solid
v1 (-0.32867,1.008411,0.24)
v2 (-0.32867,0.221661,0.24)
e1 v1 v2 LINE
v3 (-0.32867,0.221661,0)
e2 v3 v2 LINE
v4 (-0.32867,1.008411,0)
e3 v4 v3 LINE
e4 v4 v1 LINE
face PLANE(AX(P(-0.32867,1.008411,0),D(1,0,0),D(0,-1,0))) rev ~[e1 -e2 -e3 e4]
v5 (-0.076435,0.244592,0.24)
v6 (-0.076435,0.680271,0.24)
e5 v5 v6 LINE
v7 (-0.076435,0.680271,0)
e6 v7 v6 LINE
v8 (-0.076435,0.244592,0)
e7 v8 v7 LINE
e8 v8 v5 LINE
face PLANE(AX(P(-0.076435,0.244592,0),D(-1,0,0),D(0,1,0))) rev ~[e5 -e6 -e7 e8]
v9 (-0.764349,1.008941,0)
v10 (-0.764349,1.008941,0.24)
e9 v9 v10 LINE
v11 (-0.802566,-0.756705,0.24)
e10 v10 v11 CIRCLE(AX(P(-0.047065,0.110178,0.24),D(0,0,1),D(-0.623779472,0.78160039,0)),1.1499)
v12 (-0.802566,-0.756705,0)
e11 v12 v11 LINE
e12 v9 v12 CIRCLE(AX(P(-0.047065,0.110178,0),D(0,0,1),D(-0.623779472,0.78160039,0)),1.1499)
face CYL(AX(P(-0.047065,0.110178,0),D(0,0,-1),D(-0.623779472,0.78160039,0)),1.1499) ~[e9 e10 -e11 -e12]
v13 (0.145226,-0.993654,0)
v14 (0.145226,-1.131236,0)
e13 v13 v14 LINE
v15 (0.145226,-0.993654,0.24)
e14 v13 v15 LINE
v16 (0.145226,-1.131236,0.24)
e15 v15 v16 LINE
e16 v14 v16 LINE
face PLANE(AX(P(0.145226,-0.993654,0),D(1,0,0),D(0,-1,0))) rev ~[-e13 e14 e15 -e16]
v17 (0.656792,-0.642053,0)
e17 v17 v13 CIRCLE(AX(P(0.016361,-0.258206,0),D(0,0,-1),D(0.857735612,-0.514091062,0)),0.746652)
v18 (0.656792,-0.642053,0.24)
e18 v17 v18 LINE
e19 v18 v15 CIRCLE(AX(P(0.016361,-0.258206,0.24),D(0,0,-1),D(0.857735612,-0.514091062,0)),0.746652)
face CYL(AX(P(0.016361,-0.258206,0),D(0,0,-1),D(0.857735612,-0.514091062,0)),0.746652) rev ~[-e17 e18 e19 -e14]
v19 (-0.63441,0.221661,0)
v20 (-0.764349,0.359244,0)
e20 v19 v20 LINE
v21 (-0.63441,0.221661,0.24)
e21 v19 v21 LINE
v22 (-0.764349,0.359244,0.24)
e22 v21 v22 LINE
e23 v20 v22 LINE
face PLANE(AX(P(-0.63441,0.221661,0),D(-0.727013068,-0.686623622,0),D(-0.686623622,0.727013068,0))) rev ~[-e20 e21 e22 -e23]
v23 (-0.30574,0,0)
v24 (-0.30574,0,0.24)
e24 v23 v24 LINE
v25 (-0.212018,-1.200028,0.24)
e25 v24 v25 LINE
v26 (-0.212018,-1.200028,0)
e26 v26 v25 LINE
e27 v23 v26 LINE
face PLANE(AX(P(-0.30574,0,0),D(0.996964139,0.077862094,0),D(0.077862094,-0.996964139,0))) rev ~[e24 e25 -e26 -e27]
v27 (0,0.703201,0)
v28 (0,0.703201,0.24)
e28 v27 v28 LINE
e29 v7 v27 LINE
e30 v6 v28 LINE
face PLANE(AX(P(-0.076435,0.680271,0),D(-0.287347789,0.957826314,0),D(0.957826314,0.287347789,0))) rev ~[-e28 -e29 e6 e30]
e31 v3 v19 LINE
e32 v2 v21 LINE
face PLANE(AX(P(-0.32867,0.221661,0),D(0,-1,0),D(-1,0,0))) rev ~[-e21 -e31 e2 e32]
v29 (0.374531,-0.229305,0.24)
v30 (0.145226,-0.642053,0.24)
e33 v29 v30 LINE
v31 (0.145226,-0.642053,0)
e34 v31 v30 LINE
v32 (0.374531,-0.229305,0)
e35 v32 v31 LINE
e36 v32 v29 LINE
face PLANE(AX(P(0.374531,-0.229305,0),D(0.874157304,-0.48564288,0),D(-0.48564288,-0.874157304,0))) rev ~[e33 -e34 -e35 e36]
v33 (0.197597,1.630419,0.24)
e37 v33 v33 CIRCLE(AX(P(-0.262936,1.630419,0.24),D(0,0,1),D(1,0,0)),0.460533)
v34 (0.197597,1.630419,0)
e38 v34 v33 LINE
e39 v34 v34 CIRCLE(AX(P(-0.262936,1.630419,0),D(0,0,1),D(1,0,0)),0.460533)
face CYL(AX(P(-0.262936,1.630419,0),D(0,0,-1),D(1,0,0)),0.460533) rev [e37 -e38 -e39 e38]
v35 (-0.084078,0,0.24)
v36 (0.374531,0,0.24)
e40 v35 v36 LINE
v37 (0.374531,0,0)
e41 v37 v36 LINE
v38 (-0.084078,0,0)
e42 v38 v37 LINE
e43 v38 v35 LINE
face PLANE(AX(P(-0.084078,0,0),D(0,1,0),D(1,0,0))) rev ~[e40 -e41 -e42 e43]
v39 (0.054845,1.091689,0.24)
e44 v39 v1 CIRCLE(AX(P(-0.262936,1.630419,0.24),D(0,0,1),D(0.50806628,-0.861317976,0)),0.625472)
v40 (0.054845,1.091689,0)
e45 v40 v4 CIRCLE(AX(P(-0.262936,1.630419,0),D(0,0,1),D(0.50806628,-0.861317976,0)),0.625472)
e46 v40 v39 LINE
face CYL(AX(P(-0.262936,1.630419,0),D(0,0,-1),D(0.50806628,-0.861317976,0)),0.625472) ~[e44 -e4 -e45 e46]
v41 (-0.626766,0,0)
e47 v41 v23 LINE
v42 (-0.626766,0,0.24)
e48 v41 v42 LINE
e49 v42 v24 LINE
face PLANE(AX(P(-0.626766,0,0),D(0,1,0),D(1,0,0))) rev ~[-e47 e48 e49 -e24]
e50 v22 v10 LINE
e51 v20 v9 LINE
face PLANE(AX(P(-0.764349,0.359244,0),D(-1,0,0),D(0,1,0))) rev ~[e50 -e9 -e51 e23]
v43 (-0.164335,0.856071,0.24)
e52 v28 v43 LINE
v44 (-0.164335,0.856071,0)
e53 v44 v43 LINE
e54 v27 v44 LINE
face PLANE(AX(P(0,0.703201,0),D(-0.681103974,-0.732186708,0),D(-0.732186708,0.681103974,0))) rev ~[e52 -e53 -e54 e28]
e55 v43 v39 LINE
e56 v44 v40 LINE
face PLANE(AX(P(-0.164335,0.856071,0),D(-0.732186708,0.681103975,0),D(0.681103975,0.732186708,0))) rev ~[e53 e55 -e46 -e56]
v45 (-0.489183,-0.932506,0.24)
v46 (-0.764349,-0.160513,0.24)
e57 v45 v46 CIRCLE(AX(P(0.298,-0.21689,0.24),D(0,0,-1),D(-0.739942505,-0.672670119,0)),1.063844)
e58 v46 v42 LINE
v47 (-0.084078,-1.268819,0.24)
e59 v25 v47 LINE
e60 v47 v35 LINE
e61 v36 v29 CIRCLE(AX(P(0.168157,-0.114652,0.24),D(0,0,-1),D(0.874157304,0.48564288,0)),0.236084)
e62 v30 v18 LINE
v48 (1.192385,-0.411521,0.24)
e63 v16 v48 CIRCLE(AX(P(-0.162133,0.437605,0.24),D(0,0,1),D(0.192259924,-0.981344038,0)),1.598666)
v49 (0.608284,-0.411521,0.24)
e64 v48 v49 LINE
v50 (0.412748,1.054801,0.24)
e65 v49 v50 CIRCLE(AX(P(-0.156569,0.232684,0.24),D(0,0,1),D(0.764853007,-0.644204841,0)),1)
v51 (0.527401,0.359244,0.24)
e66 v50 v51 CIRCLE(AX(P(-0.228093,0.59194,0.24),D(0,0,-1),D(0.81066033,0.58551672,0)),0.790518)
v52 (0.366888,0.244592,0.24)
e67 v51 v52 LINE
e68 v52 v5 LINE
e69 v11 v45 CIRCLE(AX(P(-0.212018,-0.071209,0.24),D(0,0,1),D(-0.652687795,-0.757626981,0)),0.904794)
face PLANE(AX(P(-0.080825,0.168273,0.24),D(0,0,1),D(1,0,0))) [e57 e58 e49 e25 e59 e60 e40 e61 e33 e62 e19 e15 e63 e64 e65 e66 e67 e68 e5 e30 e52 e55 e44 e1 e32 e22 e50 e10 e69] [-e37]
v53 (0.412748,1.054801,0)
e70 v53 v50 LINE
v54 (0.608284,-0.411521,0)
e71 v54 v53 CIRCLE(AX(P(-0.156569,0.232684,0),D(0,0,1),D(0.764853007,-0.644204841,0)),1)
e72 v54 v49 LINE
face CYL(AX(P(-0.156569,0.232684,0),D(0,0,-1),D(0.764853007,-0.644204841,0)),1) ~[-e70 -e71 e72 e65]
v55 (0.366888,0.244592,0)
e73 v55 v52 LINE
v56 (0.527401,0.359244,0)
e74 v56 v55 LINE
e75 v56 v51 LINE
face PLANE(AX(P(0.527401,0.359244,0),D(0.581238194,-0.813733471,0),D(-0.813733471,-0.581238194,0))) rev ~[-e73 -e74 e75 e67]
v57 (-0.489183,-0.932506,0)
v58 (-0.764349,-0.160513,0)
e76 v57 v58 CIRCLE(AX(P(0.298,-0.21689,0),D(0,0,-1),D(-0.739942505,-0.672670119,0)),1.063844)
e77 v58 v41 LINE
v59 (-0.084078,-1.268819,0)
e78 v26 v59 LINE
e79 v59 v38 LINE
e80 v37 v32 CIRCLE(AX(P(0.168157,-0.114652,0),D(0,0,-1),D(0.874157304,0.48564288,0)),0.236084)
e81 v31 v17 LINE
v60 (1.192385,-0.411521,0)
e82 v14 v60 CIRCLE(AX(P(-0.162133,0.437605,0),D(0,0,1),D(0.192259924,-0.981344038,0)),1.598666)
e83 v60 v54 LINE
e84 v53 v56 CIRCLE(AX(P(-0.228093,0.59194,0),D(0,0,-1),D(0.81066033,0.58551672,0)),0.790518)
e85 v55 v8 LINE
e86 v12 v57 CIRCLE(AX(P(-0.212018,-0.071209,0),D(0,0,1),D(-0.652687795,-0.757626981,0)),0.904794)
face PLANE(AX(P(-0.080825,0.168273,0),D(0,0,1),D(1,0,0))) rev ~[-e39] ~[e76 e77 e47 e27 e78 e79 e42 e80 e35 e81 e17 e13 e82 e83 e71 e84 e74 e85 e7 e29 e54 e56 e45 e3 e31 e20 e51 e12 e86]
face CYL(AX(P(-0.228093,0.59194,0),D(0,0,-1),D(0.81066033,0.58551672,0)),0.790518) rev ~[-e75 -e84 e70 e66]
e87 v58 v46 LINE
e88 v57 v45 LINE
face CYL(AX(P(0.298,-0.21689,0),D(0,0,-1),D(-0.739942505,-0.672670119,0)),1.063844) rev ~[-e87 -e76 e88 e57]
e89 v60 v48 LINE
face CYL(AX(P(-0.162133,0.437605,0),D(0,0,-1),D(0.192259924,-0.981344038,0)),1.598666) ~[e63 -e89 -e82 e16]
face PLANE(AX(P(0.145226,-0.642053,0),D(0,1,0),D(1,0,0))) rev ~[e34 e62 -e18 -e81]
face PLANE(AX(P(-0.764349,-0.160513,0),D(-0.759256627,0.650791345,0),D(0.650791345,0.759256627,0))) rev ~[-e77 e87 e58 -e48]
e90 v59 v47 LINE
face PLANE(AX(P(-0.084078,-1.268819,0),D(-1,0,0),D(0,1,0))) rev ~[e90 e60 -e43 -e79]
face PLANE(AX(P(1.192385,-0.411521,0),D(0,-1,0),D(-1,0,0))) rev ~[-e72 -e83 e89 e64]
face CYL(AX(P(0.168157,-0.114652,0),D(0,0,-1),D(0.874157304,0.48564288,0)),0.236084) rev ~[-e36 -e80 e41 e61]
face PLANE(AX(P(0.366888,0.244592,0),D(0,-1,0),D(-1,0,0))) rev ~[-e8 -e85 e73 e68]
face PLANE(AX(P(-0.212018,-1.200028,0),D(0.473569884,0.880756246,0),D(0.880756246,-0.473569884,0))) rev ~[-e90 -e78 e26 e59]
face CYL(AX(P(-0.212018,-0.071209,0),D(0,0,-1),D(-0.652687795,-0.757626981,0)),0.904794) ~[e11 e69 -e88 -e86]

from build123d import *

# Parameters (mm, degrees)
F0_R     = 0.4605332707
F1_DEPTH = 0.24


with BuildPart() as f1:
    # F0 (on Top) → F1 (new body)
    with BuildSketch(Plane.XY):
        with BuildLine():
            Line((-0.7643489372, 0.3592439784), (-0.7643489372, 1.0089406087))
            ThreePointArc((-0.7643489372, 1.0089406087), (-1.1966956294, 0.1350621286), (-0.8025663648, -0.7567054325))
            ThreePointArc((-0.8025663648, -0.7567054325), (-0.6546896446, -0.8603189134), (-0.4891832948, -0.9325056572))
            ThreePointArc((-0.4891832948, -0.9325056572), (-0.7040905479, -0.574070654), (-0.7643489372, -0.1605132754))
            Line((-0.7643489372, -0.1605132754), (-0.6267661401, 0))
            Line((-0.6267661401, 0), (-0.3057395653, 0))
            Line((-0.3057395653, 0), (-0.2120183643, -1.2000277949))
            Line((-0.2120183643, -1.2000277949), (-0.084078348, -1.2688192897))
            Line((-0.084078348, -1.2688192897), (-0.084078348, 0))
            Line((-0.084078348, 0), (0.3745309398, 0))
            ThreePointArc((0.3745309398, 0), (0.4042403425, -0.114652343), (0.3745309398, -0.229304686))
            Line((0.3745309398, -0.229304686), (0.1452262959, -0.6420531015))
            Line((0.1452262959, -0.6420531015), (0.6567916508, -0.6420531015))
            ThreePointArc((0.6567916508, -0.6420531015), (0.4392792269, -0.8735351191), (0.1452262899, -0.9936535991))
            Line((0.1452262899, -0.9936535991), (0.1452262899, -1.1312363963))
            ThreePointArc((0.1452262899, -1.1312363963), (0.7433812619, -0.8798838586), (1.192384507, -0.4115212271))
            Line((1.192384507, -0.4115212271), (0.6082840734, -0.4115212271))
            ThreePointArc((0.6082840734, -0.4115212271), (0.8346566689, 0.3648645656), (0.4127484396, 1.0548014448))
            ThreePointArc((0.4127484396, 1.0548014448), (0.5518993592, 0.7205103086), (0.5274007705, 0.3592439784))
            Line((0.5274007705, 0.3592439784), (0.3668875072, 0.2445916474))
            Line((0.3668875072, 0.2445916474), (-0.0764349154, 0.2445916474))
            Line((-0.0764349154, 0.2445916474), (-0.0764349154, 0.6802705291))
            Line((-0.0764349154, 0.6802705291), (0, 0.7032009953))
            Line((0, 0.7032009953), (-0.1643350278, 0.856070802))
            Line((-0.1643350278, 0.856070802), (0.0548449436, 1.0916892505))
            ThreePointArc((0.0548449436, 1.0916892505), (-0.3956605057, 2.2416468822), (-0.3286700555, 1.0084113029))
            Line((-0.3286700555, 1.0084113029), (-0.3286700555, 0.2216611812))
            Line((-0.3286700555, 0.2216611812), (-0.6344095967, 0.2216611812))
            Line((-0.6344095967, 0.2216611812), (-0.7643489372, 0.3592439784))
        make_face()
        with BuildLine():
            ThreePointArc((-0.3280285302, 1.0083438409), (-0.3283493015, 1.0083774892), (-0.3286700555, 1.0084113029))
            Line((-0.3286700555, 1.0084113029), (-0.3286700555, 1.0089406087))
            Line((-0.3286700555, 1.0089406087), (-0.3280285302, 1.0083438409))
        make_face(mode=Mode.SUBTRACT)
        with Locations((-0.2629361581, 1.6304193065)):
            Circle(F0_R, mode=Mode.SUBTRACT)
        with BuildLine():
            Line((-0.3286700555, 1.0089406087), (-0.3286700555, 1.0084113029))
            ThreePointArc((-0.3286700555, 1.0084113029), (-0.3283493015, 1.0083774892), (-0.3280285302, 1.0083438409))
            Line((-0.3280285302, 1.0083438409), (-0.3286700555, 1.0089406087))
        make_face()
    extrude(amount=F1_DEPTH)


solid = f1.part
